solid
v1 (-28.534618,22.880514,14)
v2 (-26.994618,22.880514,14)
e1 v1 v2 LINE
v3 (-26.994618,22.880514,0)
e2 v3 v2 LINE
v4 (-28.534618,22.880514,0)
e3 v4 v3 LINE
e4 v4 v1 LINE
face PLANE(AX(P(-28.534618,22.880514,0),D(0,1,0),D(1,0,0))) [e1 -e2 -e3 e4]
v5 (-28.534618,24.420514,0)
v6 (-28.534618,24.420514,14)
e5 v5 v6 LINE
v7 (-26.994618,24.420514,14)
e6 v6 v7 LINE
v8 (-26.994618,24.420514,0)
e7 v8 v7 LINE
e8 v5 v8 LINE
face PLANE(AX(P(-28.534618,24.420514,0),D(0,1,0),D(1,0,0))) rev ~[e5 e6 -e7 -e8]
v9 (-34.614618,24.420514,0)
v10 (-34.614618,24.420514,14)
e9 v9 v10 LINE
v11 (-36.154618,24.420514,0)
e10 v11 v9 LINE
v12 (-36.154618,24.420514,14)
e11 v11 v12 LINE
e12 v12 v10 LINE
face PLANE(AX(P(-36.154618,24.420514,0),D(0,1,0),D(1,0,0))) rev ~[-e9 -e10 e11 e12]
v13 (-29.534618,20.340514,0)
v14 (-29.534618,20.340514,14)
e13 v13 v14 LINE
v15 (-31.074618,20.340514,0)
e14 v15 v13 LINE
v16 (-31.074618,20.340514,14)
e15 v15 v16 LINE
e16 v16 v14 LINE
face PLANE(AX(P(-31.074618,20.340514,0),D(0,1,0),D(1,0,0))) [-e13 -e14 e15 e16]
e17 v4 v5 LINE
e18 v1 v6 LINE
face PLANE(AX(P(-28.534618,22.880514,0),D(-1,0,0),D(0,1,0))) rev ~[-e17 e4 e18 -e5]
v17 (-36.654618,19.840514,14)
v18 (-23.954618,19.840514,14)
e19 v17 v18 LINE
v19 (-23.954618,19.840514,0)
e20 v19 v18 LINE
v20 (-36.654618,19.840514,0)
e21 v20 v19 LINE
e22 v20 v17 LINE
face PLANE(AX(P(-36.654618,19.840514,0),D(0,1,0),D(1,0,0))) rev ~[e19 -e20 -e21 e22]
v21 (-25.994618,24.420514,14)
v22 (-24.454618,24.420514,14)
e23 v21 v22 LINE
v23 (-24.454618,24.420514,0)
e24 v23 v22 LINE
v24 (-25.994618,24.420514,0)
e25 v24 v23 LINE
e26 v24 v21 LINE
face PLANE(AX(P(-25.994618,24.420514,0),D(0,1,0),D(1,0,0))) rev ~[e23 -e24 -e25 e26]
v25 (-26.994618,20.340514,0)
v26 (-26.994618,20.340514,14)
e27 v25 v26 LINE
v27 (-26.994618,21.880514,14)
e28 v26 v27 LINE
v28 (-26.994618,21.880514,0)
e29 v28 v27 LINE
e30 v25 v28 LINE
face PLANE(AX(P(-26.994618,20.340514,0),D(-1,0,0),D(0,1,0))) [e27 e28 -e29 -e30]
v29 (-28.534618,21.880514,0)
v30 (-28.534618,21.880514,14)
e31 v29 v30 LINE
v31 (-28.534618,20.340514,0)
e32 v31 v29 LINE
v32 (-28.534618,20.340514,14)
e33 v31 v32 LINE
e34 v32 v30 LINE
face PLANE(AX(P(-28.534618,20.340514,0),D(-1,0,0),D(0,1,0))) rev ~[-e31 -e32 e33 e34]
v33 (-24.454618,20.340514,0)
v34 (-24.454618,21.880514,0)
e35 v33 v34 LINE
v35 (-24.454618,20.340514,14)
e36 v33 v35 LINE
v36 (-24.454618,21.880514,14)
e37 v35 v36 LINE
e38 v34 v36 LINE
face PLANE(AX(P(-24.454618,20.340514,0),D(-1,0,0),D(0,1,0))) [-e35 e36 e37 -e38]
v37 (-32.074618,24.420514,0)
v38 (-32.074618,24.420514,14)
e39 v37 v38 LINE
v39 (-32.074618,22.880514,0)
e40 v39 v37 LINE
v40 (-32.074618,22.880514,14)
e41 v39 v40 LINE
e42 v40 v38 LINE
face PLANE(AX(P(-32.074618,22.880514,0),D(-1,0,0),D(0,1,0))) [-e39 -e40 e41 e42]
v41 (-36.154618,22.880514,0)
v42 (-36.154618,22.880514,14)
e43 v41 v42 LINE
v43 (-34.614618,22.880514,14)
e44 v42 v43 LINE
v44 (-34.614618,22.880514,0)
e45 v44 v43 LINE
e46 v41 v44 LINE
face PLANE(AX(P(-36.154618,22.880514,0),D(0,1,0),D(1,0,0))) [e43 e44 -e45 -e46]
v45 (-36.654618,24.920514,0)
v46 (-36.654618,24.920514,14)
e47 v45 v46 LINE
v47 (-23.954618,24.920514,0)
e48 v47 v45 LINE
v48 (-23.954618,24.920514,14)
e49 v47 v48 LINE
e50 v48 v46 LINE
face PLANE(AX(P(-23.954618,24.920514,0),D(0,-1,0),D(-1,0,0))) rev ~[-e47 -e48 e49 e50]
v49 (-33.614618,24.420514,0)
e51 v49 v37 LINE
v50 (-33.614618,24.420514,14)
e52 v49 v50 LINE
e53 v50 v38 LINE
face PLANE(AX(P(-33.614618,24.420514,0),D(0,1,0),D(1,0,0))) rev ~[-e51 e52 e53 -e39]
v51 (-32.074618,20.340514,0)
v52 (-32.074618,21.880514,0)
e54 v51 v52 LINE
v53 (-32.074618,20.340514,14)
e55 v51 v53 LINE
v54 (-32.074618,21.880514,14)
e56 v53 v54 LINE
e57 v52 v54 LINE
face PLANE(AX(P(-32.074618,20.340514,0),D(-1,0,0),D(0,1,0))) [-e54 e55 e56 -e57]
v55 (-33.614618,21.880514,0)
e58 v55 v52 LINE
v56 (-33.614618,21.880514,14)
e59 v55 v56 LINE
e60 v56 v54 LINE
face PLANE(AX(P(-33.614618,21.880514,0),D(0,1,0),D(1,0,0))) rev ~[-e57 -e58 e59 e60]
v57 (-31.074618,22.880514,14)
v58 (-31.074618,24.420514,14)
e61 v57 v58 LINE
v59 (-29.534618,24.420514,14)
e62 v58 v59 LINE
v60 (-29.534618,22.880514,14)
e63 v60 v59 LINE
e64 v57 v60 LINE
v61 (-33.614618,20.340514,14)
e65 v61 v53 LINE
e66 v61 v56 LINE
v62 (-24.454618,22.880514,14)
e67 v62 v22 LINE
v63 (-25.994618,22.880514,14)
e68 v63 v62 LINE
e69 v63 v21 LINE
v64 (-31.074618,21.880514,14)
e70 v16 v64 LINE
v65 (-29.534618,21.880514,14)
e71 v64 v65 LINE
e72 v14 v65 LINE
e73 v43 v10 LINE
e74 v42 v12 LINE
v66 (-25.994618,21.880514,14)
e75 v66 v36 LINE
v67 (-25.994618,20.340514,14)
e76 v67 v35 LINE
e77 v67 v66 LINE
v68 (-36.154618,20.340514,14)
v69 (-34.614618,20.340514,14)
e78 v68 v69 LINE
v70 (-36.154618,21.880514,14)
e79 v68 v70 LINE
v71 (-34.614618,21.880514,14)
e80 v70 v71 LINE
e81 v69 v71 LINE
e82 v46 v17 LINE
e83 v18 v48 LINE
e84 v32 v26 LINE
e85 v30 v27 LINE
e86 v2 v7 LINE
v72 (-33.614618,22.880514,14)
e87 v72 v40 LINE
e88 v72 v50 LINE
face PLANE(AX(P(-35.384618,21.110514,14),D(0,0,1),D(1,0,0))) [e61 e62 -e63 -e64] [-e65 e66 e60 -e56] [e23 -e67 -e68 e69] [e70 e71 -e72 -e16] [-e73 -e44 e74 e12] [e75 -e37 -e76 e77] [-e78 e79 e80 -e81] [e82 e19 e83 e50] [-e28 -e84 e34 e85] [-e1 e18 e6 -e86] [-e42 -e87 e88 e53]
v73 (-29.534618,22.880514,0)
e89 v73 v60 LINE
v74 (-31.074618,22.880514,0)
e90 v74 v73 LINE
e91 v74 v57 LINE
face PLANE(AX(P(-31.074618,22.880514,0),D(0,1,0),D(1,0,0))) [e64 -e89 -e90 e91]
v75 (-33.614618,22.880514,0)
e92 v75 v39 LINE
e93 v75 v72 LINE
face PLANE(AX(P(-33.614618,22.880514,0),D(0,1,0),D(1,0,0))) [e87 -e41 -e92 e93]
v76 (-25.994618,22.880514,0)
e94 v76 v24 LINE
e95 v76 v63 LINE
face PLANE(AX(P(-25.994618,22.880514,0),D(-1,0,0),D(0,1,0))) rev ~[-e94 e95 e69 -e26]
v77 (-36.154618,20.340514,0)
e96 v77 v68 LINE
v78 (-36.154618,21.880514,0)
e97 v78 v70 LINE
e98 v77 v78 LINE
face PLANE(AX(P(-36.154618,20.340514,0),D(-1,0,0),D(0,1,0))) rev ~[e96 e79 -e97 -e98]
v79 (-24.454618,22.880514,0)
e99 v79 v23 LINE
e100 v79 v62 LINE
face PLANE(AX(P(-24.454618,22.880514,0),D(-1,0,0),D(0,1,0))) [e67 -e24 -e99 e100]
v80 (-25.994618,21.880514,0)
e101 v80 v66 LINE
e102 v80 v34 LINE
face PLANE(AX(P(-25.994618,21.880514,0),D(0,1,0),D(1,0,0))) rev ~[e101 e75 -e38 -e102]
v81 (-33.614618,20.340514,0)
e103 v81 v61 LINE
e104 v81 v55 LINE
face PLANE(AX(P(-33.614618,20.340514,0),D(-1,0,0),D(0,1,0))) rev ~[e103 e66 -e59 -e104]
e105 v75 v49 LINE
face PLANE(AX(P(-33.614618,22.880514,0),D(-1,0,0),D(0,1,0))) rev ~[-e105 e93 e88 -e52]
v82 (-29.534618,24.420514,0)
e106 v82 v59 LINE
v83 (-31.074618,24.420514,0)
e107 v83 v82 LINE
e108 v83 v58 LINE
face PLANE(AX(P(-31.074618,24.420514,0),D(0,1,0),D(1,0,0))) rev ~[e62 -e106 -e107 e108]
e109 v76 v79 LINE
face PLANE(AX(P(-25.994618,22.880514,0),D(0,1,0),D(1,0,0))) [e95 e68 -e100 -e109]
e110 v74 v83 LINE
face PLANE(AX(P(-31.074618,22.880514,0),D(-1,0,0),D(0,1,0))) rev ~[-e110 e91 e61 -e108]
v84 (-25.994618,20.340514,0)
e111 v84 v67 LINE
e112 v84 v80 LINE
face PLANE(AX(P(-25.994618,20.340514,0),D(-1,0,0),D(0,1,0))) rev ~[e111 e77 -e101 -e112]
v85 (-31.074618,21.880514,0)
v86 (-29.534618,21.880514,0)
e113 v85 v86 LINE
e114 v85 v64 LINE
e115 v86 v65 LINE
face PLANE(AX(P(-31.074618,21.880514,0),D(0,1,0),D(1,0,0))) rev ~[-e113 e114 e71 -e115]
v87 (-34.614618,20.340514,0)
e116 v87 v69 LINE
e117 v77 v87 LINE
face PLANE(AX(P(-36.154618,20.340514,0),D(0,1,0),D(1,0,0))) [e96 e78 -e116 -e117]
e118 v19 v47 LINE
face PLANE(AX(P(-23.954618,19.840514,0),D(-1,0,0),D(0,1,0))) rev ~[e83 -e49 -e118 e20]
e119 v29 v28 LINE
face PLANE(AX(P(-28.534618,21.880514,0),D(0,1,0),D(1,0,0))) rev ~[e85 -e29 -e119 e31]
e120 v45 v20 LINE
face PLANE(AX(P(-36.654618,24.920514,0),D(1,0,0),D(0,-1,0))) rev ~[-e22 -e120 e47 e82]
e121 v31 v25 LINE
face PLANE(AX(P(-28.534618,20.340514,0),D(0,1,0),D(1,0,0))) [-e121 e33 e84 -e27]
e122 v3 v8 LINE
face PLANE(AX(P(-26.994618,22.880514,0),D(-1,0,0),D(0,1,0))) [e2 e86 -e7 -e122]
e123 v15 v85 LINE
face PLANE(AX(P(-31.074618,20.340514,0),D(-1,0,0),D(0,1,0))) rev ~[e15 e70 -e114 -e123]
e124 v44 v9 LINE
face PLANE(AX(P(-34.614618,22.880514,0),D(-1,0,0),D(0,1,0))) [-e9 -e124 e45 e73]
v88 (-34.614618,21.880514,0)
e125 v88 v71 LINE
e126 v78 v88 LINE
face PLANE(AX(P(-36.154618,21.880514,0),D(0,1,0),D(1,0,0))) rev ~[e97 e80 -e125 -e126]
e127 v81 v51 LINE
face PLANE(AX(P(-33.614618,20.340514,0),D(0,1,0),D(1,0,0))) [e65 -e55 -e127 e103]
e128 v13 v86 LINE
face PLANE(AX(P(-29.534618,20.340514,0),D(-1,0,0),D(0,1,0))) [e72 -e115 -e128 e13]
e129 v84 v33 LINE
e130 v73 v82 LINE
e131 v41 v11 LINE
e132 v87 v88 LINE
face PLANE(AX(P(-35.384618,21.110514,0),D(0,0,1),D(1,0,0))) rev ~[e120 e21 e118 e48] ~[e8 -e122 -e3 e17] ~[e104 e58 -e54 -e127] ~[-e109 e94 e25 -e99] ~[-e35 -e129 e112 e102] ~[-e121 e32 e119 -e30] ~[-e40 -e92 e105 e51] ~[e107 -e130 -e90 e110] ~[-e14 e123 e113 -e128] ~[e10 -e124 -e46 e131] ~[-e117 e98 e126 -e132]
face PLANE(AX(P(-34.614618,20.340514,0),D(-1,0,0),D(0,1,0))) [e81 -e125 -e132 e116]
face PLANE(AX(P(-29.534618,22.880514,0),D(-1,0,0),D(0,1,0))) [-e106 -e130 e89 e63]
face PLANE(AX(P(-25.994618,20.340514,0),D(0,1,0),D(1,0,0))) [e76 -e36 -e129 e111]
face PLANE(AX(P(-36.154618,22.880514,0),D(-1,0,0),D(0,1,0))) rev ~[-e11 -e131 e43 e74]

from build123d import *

# Parameters (mm, degrees)
F0_W     = 2.54
F0_H     = 2.54
F0_W_2   = 1.54
F0_H_2   = 1.54
F1_DEPTH = 14


with BuildPart() as f1:
    # F0 (on Top) → F1 (new body)
    with BuildSketch(Plane.XY):
        with Locations((-35.384618, 21.110514)):
            Rectangle(F0_W, F0_H)
        with Locations((-35.384618, 21.110514)):
            Rectangle(F0_W_2, F0_H_2, mode=Mode.SUBTRACT)
        with Locations((-35.384618, 23.650514)):
            Rectangle(F0_W, F0_H)
        with Locations((-35.384618, 23.650514)):
            Rectangle(F0_W_2, F0_H_2, mode=Mode.SUBTRACT)
        with Locations((-32.844618, 23.650514)):
            Rectangle(F0_W, F0_H)
        with Locations((-32.844618, 23.650514)):
            Rectangle(F0_W_2, F0_H_2, mode=Mode.SUBTRACT)
        with Locations((-32.844618, 21.110514)):
            Rectangle(F0_W, F0_H)
        with Locations((-32.844618, 21.110514)):
            Rectangle(F0_W_2, F0_H_2, mode=Mode.SUBTRACT)
        with Locations((-30.304618, 21.110514)):
            Rectangle(F0_W, F0_H)
        with Locations((-30.304618, 21.110514)):
            Rectangle(F0_W_2, F0_H_2, mode=Mode.SUBTRACT)
        with Locations((-30.304618, 23.650514)):
            Rectangle(F0_W, F0_H)
        with Locations((-30.304618, 23.650514)):
            Rectangle(F0_W_2, F0_H_2, mode=Mode.SUBTRACT)
        with Locations((-27.764618, 23.650514)):
            Rectangle(F0_W, F0_H)
        with Locations((-27.764618, 23.650514)):
            Rectangle(F0_W_2, F0_H_2, mode=Mode.SUBTRACT)
        with Locations((-27.764618, 21.110514)):
            Rectangle(F0_W, F0_H)
        with Locations((-27.764618, 21.110514)):
            Rectangle(F0_W_2, F0_H_2, mode=Mode.SUBTRACT)
        with Locations((-25.224618, 21.110514)):
            Rectangle(F0_W, F0_H)
        with Locations((-25.224618, 21.110514)):
            Rectangle(F0_W_2, F0_H_2, mode=Mode.SUBTRACT)
        with Locations((-25.224618, 23.650514)):
            Rectangle(F0_W, F0_H)
        with Locations((-25.224618, 23.650514)):
            Rectangle(F0_W_2, F0_H_2, mode=Mode.SUBTRACT)
    extrude(amount=F1_DEPTH)


solid = f1.part
